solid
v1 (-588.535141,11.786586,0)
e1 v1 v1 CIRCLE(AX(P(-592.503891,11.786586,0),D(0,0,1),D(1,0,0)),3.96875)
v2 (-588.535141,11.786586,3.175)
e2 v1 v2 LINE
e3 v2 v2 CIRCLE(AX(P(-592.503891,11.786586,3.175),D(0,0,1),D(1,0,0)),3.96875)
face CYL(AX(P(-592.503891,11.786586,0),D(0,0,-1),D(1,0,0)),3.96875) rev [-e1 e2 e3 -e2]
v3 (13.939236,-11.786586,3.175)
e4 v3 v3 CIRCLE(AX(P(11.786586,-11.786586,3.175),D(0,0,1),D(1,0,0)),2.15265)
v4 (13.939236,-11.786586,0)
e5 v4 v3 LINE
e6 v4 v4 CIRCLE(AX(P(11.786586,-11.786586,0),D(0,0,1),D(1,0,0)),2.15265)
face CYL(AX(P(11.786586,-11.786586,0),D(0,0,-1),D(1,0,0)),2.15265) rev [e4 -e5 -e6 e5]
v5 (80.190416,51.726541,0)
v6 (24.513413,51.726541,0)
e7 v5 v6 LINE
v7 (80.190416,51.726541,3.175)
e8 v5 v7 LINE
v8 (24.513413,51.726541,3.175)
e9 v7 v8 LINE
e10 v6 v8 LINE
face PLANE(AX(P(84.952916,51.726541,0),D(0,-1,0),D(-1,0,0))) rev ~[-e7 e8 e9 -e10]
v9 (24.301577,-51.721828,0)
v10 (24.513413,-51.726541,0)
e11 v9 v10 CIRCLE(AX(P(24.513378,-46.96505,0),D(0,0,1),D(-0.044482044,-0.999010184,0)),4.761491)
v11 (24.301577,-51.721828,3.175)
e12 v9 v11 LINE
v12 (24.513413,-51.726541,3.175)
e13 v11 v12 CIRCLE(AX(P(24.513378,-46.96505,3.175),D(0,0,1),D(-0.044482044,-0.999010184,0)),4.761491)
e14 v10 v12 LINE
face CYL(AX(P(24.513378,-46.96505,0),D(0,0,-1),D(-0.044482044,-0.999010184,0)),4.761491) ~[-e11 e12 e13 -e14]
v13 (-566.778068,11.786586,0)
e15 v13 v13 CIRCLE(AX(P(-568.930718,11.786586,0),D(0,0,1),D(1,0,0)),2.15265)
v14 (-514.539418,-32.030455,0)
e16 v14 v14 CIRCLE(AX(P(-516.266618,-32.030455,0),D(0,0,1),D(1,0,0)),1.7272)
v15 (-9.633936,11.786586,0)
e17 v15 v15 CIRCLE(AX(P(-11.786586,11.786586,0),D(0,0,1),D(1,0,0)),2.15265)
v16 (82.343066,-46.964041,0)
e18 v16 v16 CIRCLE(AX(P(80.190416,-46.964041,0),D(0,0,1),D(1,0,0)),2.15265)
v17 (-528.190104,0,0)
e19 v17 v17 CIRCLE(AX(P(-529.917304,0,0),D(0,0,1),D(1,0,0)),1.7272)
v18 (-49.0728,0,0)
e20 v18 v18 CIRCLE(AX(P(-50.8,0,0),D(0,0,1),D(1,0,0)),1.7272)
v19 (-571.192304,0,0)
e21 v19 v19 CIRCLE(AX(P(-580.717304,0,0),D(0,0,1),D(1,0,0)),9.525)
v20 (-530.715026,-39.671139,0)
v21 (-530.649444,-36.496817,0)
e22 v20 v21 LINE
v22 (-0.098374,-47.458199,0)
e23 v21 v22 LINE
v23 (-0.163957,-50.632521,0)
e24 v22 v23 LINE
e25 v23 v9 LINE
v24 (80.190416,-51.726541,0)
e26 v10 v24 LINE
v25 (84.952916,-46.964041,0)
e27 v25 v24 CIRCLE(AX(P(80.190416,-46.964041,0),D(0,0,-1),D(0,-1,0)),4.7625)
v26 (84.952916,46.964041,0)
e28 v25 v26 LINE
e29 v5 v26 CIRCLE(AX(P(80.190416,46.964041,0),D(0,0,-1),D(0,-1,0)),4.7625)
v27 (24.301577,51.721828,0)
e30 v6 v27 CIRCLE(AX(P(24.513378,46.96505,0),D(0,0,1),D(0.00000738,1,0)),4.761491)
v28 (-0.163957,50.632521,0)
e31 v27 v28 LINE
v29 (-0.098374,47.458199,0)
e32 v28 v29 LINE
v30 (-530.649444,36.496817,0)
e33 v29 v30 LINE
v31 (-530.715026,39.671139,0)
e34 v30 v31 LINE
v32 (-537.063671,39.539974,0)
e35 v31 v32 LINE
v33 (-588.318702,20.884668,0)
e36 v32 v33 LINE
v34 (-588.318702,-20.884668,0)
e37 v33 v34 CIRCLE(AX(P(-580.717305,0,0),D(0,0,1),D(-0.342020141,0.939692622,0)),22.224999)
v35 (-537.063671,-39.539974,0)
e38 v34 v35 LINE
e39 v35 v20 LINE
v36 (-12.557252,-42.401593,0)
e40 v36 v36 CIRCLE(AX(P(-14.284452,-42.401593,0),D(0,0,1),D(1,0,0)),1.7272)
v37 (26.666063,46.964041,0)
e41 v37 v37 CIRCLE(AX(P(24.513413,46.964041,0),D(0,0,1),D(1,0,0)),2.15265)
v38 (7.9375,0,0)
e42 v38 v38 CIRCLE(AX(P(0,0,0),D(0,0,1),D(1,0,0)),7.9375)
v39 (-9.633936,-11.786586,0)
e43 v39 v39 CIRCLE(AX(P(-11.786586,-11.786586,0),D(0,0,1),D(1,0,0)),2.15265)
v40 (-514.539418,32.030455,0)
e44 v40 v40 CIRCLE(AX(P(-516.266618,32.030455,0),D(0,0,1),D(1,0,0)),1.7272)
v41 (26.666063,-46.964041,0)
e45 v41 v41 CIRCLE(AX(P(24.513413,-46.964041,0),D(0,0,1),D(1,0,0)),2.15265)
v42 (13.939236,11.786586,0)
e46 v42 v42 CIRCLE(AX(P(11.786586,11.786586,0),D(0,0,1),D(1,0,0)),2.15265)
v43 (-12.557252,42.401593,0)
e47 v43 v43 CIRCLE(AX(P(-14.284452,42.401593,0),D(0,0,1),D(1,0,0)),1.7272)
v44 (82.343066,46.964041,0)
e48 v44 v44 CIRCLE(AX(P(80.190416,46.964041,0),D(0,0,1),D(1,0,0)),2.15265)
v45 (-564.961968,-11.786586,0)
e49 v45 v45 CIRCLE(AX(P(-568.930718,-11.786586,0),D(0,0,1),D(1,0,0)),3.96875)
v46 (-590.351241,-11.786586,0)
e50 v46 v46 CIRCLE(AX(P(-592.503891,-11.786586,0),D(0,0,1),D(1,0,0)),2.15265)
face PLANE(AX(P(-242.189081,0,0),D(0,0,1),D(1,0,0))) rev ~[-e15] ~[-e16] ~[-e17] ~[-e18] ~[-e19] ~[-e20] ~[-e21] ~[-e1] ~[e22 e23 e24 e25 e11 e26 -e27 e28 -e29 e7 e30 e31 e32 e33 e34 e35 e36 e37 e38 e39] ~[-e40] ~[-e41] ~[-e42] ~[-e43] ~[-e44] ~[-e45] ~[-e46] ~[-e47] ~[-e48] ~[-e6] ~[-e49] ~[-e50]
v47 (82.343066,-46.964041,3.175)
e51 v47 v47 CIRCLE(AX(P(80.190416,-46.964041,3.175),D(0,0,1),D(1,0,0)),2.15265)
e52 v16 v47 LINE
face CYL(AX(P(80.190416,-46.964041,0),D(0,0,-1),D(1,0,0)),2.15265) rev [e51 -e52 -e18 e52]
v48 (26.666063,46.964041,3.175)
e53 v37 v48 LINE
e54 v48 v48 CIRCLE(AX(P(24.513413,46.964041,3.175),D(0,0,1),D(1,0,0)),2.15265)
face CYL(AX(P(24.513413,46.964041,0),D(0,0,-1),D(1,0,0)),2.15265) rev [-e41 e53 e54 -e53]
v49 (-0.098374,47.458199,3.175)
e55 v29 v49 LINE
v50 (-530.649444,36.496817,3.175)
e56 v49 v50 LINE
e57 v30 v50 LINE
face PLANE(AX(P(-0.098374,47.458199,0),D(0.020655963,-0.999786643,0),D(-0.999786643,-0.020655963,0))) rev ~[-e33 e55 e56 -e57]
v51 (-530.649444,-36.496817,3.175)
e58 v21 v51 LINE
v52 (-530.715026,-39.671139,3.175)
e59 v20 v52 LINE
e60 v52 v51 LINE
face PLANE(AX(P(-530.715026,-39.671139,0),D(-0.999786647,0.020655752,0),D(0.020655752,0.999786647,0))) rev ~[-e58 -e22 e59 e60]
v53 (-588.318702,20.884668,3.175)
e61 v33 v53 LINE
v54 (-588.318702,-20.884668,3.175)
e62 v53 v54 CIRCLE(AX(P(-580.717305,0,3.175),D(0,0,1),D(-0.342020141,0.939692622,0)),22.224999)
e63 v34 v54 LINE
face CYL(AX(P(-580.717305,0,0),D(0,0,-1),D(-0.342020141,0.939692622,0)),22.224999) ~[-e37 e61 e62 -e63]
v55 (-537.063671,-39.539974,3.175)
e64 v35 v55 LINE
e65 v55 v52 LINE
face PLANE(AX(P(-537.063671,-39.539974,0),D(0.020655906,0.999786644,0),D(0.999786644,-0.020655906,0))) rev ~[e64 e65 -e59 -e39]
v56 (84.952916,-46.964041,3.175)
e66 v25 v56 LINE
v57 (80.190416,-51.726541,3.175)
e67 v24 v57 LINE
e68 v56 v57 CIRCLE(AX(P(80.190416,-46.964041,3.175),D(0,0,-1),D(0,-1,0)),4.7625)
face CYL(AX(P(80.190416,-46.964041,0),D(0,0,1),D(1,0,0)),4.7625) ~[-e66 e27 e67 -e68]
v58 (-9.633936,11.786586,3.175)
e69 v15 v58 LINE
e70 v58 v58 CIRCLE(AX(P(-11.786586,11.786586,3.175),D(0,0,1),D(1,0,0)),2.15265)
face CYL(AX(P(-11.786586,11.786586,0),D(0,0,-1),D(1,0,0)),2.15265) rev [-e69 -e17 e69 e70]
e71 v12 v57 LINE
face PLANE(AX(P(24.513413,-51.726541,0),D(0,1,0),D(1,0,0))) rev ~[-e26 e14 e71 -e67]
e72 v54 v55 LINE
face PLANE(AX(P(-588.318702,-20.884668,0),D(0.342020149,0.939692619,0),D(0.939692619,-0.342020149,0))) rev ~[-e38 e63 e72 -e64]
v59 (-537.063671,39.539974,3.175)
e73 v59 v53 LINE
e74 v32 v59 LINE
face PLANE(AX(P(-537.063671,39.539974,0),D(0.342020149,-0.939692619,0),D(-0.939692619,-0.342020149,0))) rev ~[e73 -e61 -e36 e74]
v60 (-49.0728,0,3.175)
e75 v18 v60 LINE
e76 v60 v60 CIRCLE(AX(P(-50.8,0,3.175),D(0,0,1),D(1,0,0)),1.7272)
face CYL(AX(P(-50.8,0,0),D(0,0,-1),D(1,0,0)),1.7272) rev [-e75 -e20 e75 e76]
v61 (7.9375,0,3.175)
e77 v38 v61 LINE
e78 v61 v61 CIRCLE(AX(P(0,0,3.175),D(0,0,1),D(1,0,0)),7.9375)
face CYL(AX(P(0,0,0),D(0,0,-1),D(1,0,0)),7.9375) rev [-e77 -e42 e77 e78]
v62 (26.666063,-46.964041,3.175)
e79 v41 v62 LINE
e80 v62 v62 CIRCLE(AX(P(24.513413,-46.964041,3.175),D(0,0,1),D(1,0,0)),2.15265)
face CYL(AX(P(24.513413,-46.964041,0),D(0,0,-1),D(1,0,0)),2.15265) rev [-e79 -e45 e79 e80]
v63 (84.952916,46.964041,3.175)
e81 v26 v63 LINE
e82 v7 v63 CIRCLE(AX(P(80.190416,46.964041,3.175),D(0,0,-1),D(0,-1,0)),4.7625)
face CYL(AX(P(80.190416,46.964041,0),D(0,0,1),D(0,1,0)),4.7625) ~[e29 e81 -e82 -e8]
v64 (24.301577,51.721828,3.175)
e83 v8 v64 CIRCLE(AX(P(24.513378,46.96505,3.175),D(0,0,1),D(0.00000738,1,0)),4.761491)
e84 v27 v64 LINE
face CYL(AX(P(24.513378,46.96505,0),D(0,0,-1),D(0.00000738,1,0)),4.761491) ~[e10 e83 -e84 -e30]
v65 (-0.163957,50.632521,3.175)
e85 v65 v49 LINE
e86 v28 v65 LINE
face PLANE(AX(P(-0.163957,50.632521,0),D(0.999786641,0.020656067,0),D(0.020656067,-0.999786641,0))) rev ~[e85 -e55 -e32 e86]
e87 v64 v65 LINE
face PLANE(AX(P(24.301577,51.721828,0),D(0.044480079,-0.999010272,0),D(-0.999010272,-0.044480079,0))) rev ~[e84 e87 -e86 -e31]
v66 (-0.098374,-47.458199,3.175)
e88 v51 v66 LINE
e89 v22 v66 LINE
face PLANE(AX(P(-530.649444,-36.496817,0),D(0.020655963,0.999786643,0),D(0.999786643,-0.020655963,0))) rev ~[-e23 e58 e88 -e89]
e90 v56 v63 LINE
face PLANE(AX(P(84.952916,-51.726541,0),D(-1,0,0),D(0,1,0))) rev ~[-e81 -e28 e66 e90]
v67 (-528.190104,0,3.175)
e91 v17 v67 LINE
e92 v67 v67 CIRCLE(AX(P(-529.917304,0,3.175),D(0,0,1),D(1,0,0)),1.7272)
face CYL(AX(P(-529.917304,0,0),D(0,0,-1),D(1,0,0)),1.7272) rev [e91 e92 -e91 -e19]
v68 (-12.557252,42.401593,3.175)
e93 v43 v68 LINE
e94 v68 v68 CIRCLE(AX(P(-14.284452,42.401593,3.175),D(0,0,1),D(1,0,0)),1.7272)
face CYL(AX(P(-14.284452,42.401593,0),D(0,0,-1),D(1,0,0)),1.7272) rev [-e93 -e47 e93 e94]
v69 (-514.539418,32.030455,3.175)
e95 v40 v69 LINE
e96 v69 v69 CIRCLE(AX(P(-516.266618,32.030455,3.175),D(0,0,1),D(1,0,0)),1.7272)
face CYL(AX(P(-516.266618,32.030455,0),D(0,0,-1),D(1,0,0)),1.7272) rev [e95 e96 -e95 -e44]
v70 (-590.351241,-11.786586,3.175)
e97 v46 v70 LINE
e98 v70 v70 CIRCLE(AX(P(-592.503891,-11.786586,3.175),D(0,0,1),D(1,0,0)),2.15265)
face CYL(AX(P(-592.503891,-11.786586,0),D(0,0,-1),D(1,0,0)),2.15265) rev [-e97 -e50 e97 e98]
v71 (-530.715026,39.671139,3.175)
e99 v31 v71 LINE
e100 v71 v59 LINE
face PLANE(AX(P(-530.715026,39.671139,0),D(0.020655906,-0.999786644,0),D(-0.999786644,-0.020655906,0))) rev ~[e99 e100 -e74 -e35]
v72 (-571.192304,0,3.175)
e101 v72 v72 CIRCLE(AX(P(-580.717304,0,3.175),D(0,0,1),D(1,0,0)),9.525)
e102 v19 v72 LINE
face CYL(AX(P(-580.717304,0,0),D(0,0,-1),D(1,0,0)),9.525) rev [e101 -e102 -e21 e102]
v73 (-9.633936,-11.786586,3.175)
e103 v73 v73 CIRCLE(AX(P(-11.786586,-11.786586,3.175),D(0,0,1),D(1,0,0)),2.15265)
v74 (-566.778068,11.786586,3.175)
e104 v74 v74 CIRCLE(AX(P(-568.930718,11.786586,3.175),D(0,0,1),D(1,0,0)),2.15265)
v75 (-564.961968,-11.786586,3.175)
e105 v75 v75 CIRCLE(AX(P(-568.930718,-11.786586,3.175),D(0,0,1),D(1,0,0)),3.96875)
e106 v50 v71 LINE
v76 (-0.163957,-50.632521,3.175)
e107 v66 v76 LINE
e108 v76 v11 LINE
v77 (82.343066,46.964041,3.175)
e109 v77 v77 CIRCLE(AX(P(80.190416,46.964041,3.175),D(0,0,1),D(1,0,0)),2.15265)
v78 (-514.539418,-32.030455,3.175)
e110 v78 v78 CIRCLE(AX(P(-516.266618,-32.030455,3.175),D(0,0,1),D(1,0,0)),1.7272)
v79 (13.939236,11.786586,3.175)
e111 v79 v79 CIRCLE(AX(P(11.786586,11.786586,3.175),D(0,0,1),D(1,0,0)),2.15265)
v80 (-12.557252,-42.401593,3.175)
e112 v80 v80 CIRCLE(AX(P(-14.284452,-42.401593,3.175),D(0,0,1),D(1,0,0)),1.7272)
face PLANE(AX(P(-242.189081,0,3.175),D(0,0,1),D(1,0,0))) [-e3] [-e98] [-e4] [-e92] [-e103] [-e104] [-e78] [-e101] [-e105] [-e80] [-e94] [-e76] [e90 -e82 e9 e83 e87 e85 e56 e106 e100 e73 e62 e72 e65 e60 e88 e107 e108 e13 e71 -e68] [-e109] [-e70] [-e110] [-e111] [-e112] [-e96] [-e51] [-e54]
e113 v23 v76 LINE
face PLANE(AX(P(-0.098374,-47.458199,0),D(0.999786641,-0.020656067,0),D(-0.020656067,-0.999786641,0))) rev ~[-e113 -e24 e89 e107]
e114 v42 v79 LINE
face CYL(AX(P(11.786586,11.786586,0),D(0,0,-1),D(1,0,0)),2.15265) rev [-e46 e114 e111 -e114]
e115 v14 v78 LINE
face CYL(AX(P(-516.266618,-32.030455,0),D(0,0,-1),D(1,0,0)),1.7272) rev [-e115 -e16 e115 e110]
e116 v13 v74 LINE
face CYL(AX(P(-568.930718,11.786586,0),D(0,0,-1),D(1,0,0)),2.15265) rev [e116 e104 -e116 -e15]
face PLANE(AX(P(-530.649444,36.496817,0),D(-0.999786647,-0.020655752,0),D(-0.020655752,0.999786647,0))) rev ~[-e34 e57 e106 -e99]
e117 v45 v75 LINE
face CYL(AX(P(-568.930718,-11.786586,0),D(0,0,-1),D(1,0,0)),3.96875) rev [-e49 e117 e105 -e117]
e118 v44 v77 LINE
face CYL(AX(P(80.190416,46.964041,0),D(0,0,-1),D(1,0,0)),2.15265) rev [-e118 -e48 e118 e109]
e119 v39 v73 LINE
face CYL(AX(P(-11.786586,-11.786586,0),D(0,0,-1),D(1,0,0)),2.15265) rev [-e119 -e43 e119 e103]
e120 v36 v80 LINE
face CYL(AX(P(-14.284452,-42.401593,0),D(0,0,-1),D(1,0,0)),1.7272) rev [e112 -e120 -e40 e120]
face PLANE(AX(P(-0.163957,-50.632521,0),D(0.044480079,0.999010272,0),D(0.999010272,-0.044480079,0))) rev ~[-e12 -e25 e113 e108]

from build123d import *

# Parameters (mm, degrees)
F0_R     = 1.7272
F0_R_2   = 2.15265
F0_R_3   = 3.96875
F0_R_4   = 9.525
F0_R_5   = 7.9375
F1_DEPTH = 3.175
F2_R     = 4.7625


with BuildPart() as f1:
    # F0 (on Top) → F1 (new body)
    with BuildSketch(Plane.XY):
        with BuildLine():
            Line((-537.063671, 39.539974), (-588.318702, 20.884668))
            ThreePointArc((-588.318702, 20.884668), (-602.942304, 0), (-588.318702, -20.884668))
            Line((-588.318702, -20.884668), (-537.063671, -39.539974))
            Line((-537.063671, -39.539974), (-530.715026, -39.671139))
            Line((-530.715026, -39.671139), (-530.649444, -36.496817))
            Line((-530.649444, -36.496817), (-0.098374, -47.458199))
            Line((-0.098374, -47.458199), (-0.163957, -50.632521))
            Line((-0.163957, -50.632521), (24.301577, -51.721828))
            ThreePointArc((24.301577, -51.721828), (24.407469, -51.725363), (24.513413, -51.726541))
            Line((24.513413, -51.726541), (84.952916, -51.726541))
            Line((84.952916, -51.726541), (84.952916, 51.726541))
            Line((84.952916, 51.726541), (24.513413, 51.726541))
            ThreePointArc((24.513413, 51.726541), (24.407469, 51.725363), (24.301577, 51.721828))
            Line((24.301577, 51.721828), (-0.163957, 50.632521))
            Line((-0.163957, 50.632521), (-0.098374, 47.458199))
            Line((-0.098374, 47.458199), (-530.649444, 36.496817))
            Line((-530.649444, 36.496817), (-530.715026, 39.671139))
            Line((-530.715026, 39.671139), (-537.063671, 39.539974))
        make_face()
        with Locations((-516.266618, -32.030455)):
            Circle(F0_R, mode=Mode.SUBTRACT)
        with Locations((-592.503891, -11.786586)):
            Circle(F0_R_2, mode=Mode.SUBTRACT)
        with Locations((-568.930718, -11.786586)):
            Circle(F0_R_3, mode=Mode.SUBTRACT)
        with Locations((-14.284452, -42.401593)):
            Circle(F0_R, mode=Mode.SUBTRACT)
        with Locations((24.513413, -46.964041)):
            Circle(F0_R_2, mode=Mode.SUBTRACT)
        with Locations((80.190416, -46.964041)):
            Circle(F0_R_2, mode=Mode.SUBTRACT)
        with Locations((-11.786586, -11.786586)):
            Circle(F0_R_2, mode=Mode.SUBTRACT)
        with Locations((11.786586, -11.786586)):
            Circle(F0_R_2, mode=Mode.SUBTRACT)
        with Locations((-580.717304, 0)):
            Circle(F0_R_4, mode=Mode.SUBTRACT)
        with Locations((-529.917304, 0)):
            Circle(F0_R, mode=Mode.SUBTRACT)
        with Locations((-592.503891, 11.786586)):
            Circle(F0_R_3, mode=Mode.SUBTRACT)
        with Locations((-568.930718, 11.786586)):
            Circle(F0_R_2, mode=Mode.SUBTRACT)
        with Locations((-516.266618, 32.030455)):
            Circle(F0_R, mode=Mode.SUBTRACT)
        with Locations((-50.8, 0)):
            Circle(F0_R, mode=Mode.SUBTRACT)
        with Locations((-11.786586, 11.786586)):
            Circle(F0_R_2, mode=Mode.SUBTRACT)
        Circle(F0_R_5, mode=Mode.SUBTRACT)
        with Locations((11.786586, 11.786586)):
            Circle(F0_R_2, mode=Mode.SUBTRACT)
        with Locations((-14.284452, 42.401593)):
            Circle(F0_R, mode=Mode.SUBTRACT)
        with Locations((24.513413, 46.964041)):
            Circle(F0_R_2, mode=Mode.SUBTRACT)
        with Locations((80.190416, 46.964041)):
            Circle(F0_R_2, mode=Mode.SUBTRACT)
    extrude(amount=F1_DEPTH)

    # F2
    f2_edges = [f1.edges().sort_by_distance(p)[0] for p in [
        (84.952916, 51.726541, 1.5875),
        (84.952916, -51.726541, 1.5875),
    ]]
    fillet(f2_edges, radius=F2_R)


solid = f1.part
